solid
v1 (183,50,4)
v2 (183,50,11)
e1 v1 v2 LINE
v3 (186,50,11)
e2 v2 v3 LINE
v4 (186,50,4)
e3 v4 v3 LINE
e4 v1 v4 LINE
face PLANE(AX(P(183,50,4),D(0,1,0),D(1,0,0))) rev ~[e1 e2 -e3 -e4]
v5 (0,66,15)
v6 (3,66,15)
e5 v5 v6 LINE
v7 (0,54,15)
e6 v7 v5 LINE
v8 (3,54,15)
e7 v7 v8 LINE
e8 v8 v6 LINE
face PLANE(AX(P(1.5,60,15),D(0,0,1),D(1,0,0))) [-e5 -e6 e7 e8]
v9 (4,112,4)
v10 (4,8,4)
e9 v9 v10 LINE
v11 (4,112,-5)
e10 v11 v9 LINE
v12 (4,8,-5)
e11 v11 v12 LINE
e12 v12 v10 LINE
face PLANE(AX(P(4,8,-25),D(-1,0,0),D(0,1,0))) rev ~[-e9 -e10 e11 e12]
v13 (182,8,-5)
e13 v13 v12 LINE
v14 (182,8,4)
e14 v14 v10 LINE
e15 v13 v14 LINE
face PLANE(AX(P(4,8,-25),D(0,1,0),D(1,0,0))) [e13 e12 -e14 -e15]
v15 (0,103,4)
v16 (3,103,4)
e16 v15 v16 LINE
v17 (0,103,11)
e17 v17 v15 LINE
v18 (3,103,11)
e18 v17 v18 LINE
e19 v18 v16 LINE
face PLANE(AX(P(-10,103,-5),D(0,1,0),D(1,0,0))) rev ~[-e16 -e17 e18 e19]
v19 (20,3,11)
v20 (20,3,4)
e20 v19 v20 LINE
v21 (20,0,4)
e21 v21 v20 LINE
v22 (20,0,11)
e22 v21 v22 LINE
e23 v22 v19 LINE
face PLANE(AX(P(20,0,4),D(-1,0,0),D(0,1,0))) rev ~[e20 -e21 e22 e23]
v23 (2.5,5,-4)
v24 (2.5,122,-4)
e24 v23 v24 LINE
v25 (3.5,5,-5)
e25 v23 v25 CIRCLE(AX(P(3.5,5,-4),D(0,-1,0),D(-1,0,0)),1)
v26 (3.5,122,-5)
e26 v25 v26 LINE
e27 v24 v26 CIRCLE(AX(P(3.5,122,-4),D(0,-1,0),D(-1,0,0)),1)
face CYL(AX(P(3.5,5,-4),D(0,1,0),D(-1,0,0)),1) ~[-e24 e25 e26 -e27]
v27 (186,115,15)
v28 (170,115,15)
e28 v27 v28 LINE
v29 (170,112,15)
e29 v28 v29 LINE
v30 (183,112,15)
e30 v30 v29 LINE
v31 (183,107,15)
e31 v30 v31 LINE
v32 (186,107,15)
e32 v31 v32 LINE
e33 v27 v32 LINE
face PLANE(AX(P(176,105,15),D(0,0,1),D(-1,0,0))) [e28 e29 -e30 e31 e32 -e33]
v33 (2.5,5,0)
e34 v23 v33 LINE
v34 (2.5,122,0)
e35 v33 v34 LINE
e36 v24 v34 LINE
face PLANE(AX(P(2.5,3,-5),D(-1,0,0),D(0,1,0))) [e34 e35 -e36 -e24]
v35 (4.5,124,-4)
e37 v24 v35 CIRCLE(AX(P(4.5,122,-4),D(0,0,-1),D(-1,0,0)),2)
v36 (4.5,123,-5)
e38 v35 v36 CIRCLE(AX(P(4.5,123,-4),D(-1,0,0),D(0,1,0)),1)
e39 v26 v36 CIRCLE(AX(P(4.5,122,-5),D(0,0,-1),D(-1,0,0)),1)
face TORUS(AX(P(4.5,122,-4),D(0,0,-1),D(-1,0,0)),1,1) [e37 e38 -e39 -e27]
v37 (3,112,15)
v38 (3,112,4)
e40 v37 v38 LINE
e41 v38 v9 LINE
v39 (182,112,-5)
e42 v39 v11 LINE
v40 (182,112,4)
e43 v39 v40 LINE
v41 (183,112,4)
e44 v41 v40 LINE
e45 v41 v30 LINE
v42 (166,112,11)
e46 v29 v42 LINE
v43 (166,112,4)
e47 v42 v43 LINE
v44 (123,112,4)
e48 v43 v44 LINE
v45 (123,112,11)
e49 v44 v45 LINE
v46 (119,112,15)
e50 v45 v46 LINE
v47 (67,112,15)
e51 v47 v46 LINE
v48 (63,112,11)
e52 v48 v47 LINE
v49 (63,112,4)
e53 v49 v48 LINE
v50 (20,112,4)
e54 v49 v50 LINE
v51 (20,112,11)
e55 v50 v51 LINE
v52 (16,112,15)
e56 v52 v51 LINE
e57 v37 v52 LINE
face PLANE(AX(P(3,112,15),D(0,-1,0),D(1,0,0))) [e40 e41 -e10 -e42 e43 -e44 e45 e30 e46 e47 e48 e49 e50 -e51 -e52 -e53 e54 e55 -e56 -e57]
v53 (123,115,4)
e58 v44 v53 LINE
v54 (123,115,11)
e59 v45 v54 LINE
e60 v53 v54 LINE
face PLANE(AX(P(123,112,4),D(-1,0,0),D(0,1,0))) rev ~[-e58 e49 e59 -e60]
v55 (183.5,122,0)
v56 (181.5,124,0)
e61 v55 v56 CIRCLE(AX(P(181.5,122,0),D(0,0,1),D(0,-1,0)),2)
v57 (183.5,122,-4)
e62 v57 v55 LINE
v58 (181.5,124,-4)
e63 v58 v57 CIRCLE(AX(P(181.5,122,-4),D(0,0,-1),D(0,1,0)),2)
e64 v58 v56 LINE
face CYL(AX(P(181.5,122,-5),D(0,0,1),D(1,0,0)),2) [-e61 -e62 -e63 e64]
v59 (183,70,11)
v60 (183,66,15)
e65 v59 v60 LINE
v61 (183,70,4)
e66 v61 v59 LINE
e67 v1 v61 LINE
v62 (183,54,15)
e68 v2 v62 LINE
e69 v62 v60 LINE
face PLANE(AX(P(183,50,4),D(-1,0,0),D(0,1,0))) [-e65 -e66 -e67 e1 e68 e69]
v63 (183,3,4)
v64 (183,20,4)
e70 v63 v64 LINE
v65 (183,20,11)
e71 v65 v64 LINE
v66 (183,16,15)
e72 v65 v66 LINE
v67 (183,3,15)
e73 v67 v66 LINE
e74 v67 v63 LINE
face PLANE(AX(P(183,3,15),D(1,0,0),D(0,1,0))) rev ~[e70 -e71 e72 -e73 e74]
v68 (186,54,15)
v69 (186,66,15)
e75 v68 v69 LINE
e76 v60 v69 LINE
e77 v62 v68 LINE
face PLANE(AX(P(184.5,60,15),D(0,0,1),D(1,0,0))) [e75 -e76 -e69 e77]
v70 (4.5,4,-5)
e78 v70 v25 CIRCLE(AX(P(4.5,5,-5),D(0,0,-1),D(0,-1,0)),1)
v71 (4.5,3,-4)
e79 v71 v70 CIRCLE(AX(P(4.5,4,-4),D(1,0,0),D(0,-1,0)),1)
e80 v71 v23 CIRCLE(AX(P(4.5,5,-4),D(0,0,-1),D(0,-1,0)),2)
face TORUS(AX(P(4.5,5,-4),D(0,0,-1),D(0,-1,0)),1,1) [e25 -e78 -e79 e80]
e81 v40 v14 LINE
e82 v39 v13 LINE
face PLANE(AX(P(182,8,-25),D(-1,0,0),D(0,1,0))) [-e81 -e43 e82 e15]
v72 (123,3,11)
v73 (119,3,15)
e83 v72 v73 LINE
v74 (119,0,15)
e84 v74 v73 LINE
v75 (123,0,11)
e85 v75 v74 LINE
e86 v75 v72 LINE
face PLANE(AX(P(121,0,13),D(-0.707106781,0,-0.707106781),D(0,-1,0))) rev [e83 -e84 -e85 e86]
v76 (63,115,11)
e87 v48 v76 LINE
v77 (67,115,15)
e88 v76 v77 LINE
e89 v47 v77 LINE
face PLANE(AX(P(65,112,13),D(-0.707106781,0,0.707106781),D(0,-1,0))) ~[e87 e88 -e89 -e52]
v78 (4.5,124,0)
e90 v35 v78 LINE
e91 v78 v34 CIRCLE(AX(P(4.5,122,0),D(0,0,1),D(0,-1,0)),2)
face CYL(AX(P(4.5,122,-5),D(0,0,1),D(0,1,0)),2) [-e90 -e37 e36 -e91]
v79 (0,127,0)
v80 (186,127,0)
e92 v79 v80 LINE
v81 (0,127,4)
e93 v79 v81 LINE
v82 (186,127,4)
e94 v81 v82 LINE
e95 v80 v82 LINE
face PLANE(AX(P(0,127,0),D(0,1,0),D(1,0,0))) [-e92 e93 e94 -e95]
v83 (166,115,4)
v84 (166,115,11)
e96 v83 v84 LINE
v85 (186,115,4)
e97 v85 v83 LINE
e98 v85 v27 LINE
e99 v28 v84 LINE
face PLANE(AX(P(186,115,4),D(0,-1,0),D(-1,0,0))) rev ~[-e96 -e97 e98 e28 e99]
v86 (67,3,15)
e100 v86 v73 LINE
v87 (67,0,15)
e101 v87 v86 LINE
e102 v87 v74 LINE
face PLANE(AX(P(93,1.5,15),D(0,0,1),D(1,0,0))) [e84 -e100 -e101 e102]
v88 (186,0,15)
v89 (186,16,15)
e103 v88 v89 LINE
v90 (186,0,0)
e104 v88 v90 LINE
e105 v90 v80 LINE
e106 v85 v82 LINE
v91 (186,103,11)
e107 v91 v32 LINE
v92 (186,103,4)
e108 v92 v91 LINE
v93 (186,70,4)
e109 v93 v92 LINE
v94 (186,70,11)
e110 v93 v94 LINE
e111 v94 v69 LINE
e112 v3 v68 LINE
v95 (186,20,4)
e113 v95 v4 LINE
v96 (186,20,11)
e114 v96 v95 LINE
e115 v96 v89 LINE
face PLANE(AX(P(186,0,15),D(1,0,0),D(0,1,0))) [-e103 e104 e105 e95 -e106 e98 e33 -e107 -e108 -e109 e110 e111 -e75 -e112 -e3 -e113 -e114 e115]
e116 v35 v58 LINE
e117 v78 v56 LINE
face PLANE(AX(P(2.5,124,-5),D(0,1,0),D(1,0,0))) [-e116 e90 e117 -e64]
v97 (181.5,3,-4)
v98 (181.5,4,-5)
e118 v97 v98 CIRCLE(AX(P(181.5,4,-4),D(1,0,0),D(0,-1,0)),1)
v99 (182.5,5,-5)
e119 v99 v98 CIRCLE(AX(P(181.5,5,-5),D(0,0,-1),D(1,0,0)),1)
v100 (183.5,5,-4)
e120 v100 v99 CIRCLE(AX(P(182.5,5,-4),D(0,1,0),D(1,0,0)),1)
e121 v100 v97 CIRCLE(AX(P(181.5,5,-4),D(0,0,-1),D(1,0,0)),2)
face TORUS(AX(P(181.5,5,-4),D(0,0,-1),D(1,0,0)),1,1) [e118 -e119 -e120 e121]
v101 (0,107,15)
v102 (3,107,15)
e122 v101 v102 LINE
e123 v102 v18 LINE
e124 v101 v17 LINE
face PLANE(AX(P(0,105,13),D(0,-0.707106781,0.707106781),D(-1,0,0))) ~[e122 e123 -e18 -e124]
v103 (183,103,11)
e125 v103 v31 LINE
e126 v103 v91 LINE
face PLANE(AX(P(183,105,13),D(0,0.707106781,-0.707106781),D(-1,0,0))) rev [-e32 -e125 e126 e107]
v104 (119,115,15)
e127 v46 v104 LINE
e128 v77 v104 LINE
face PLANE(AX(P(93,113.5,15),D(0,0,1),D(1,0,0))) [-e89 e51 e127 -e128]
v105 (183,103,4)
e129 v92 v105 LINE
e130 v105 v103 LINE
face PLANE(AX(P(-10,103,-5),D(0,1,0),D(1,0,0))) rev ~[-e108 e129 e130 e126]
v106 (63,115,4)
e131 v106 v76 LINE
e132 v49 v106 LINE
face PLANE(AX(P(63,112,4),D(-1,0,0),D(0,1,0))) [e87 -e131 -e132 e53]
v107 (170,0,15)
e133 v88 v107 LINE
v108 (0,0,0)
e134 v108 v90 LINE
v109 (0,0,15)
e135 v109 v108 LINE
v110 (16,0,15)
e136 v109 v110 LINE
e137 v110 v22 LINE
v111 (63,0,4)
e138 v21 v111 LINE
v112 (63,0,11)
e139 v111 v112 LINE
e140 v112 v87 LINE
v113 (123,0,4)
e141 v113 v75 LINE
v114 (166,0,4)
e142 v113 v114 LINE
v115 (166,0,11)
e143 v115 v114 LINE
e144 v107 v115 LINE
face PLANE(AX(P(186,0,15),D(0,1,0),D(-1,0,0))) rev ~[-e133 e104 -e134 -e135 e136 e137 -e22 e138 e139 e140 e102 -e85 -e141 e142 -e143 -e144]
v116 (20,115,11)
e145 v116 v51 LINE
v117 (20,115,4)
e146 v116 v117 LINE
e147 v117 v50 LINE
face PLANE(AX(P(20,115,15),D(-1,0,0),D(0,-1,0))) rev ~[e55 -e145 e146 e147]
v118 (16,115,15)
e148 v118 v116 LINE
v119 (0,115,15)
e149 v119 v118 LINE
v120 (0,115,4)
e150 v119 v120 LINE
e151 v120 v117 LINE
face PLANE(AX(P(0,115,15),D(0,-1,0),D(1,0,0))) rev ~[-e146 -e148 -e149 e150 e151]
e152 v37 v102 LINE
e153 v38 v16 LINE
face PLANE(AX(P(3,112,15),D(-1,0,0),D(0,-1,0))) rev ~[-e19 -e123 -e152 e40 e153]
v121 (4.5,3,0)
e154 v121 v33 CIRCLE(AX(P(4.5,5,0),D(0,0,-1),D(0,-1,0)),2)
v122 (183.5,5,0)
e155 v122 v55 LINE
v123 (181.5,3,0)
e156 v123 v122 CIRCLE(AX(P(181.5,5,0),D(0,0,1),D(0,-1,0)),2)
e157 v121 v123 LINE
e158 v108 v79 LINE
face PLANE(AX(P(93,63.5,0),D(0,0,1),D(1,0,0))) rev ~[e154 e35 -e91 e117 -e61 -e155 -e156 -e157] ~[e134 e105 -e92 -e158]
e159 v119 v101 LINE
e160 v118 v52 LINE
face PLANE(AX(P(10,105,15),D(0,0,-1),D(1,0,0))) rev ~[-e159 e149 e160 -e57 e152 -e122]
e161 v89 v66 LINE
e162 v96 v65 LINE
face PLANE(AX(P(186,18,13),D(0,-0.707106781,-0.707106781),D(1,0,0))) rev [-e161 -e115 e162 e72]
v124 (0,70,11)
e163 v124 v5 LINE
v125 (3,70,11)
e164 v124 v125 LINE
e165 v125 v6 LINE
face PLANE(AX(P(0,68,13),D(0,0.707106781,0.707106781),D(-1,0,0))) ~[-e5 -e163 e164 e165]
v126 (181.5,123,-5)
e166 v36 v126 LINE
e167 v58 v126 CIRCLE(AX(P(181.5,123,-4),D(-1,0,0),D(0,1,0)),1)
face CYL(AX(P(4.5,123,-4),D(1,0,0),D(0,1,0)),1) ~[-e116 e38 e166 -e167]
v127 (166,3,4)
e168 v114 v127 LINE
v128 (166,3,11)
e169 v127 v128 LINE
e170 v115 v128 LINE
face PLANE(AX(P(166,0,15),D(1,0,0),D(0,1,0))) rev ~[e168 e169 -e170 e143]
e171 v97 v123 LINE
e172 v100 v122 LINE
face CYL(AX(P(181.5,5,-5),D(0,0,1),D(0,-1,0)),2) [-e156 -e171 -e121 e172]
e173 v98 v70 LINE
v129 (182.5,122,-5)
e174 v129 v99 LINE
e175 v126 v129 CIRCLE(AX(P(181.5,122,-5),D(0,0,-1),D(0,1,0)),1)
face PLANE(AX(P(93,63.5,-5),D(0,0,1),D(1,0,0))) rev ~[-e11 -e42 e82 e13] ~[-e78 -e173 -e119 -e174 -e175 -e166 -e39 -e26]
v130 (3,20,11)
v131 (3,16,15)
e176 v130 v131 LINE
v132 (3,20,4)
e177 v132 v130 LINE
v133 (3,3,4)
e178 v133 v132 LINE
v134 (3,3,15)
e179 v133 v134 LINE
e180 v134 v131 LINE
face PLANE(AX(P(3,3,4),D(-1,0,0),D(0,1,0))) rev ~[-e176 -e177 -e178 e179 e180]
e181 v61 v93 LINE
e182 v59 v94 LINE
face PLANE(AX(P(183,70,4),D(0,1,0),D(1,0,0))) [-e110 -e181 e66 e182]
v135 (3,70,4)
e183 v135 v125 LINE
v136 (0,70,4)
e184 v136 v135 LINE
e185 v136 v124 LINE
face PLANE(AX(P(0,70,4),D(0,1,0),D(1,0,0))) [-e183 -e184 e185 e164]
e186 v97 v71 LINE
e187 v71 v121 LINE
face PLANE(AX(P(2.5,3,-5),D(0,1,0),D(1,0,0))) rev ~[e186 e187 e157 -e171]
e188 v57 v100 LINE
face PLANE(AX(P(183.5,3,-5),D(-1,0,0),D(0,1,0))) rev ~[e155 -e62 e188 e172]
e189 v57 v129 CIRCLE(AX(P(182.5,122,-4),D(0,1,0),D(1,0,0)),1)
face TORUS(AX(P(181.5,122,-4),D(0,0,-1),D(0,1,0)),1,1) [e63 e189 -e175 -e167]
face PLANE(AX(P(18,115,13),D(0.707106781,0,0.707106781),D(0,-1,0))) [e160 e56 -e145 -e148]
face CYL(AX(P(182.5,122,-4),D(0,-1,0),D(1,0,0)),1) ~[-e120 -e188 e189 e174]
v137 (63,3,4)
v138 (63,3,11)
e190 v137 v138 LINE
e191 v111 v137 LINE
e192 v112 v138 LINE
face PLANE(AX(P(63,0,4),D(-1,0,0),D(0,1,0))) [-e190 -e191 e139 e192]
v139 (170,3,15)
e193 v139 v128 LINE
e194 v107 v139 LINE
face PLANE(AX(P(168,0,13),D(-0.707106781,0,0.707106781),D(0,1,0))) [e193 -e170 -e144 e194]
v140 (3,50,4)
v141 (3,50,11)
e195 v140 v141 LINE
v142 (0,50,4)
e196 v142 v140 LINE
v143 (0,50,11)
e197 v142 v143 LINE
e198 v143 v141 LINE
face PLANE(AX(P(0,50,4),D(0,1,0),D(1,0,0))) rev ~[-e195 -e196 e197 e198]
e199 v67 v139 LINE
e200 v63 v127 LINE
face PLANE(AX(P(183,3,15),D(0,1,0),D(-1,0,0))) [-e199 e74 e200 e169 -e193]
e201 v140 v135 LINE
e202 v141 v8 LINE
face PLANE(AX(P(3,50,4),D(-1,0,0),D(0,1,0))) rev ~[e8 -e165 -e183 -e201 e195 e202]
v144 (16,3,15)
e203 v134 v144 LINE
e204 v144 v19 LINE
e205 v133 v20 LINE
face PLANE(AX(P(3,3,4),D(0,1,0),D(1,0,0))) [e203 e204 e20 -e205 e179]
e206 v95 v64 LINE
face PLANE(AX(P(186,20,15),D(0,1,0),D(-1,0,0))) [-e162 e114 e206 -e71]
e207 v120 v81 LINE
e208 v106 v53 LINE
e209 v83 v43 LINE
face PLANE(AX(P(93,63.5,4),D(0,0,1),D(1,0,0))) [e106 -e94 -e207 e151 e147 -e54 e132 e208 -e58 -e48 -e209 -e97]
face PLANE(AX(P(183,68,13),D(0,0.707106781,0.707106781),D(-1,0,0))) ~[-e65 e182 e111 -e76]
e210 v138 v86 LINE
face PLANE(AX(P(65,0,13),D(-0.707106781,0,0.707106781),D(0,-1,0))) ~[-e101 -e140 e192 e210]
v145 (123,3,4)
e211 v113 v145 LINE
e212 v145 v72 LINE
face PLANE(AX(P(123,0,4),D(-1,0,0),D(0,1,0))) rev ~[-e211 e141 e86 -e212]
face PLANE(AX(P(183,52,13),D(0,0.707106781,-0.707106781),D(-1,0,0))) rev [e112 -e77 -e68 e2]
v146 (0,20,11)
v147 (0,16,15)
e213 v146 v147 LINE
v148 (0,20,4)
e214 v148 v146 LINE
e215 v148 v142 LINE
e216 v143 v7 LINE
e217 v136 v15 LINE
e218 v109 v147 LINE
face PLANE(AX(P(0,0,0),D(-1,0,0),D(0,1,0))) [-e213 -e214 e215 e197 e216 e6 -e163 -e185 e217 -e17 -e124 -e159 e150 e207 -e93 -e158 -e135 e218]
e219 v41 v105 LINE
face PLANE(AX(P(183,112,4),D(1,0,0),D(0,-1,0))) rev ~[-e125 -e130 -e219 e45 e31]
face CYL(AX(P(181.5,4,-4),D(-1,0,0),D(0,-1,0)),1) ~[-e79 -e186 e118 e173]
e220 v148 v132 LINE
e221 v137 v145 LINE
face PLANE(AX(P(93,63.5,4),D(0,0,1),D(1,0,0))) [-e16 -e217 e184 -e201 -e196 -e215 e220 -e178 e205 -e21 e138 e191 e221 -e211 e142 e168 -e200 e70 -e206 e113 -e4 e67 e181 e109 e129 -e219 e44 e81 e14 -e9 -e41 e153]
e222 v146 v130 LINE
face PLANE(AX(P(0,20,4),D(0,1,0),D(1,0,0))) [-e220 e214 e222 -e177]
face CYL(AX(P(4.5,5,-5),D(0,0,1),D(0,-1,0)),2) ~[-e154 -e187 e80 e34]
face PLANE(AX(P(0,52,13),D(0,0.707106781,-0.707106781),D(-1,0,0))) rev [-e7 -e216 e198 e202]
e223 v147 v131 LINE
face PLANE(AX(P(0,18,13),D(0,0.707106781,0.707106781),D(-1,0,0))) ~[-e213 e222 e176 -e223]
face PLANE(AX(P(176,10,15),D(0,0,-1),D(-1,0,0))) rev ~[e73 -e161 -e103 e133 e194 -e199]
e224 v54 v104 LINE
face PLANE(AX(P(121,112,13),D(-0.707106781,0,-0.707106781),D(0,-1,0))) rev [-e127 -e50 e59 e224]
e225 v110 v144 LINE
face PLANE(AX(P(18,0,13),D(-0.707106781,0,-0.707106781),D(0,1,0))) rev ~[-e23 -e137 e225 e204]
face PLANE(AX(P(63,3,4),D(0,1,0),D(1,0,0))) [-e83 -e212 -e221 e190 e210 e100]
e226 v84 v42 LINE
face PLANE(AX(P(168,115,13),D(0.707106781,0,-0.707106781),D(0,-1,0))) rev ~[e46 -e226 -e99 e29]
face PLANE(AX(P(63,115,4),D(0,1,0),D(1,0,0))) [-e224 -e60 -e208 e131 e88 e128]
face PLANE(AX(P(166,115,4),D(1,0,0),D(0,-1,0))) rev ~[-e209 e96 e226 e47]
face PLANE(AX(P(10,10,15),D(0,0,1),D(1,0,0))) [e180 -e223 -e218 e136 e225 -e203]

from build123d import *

# Parameters (mm, degrees)
BOX035_W               = 60
BOX035_H               = 3
BOX035_DEPTH           = 11
BOX034_W               = 200
BOX034_H               = 30
BOX034_DEPTH           = 20
BOX033_W               = 60
BOX033_H               = 3
BOX033_DEPTH           = 11
BOX025_W               = 3
BOX025_H               = 20
BOX025_DEPTH           = 11
BOX026_W               = 3
BOX026_H               = 20
BOX026_DEPTH           = 11
BOX024_W               = 30
BOX024_H               = 20
BOX024_DEPTH           = 11
BOX023_W               = 20
BOX023_H               = 20
BOX023_DEPTH           = 11
CUT010_PLACEMENT_ANGLE = 180
BOX032_W               = 30
BOX032_H               = 20
BOX032_DEPTH           = 11
BOX031_W               = 20
BOX031_H               = 20
BOX031_DEPTH           = 11
CUT013_PLACEMENT_ANGLE = 180
BOX030_W               = 30
BOX030_H               = 20
BOX030_DEPTH           = 11
BOX029_W               = 20
BOX029_H               = 20
BOX029_DEPTH           = 11
CUT012_PLACEMENT_ANGLE = 180
BOX022_W               = 30
BOX022_H               = 20
BOX022_DEPTH           = 11
BOX021_W               = 20
BOX021_H               = 20
BOX021_DEPTH           = 11
CHAMFER006_SIZE        = 4
BOX018_W               = 178
BOX018_H               = 104
BOX018_DEPTH           = 30
BOX019_W               = 181
BOX019_H               = 121
BOX019_DEPTH           = 5
BOX017_W               = 186
BOX017_H               = 127
BOX017_DEPTH           = 4
FILLET008_R            = 2
FILLET009_R            = 1


with BuildPart() as cube032:
    # Box035 → Box035 (new body)
    with BuildSketch(Plane(origin=(63, 0, 4), x_dir=(1, 0, 0), z_dir=(0, 0, 1))):
        with Locations((30, 1.5)):
            Rectangle(BOX035_W, BOX035_H)
    extrude(amount=BOX035_DEPTH)


with BuildPart() as cube031:
    # Box034 → Box034 (new body)
    with BuildSketch(Plane(origin=(-10, 73, -5), x_dir=(1, 0, 0), z_dir=(0, 0, 1))):
        with Locations((100, 15)):
            Rectangle(BOX034_W, BOX034_H)
    extrude(amount=BOX034_DEPTH)


with BuildPart() as cube030:
    # Box033 → Box033 (new body)
    with BuildSketch(Plane(origin=(63, 112, 4), x_dir=(1, 0, 0), z_dir=(0, 0, 1))):
        with Locations((30, 1.5)):
            Rectangle(BOX033_W, BOX033_H)
    extrude(amount=BOX033_DEPTH)


with BuildPart() as cube022:
    # Box025 → Box025 (new body)
    with BuildSketch(Plane(origin=(0, 50, 4), x_dir=(1, 0, 0), z_dir=(0, 0, 1))):
        with Locations((1.5, 10)):
            Rectangle(BOX025_W, BOX025_H)
    extrude(amount=BOX025_DEPTH)


with BuildPart() as cube023:
    # Box026 → Box026 (new body)
    with BuildSketch(Plane(origin=(183, 50, 4), x_dir=(1, 0, 0), z_dir=(0, 0, 1))):
        with Locations((1.5, 10)):
            Rectangle(BOX026_W, BOX026_H)
    extrude(amount=BOX026_DEPTH)


with BuildPart() as cube021:
    # Box024 → Box024 (new body)
    with BuildSketch(Plane(origin=(3, 3, 0), x_dir=(1, 0, 0), z_dir=(0, 0, 1))):
        with Locations((15, 10)):
            Rectangle(BOX024_W, BOX024_H)
    extrude(amount=BOX024_DEPTH)


with BuildPart() as cut010:
    # Box023 → Box023 (new body)
    with BuildSketch(Plane.XY):
        with Locations((10, 10)):
            Rectangle(BOX023_W, BOX023_H)
    extrude(amount=BOX023_DEPTH)

    # Cut010: cut Cube021
    add(cube021.part, mode=Mode.SUBTRACT)


with BuildPart() as cut010_1:
    # Cut010 placement: moved
    add(cut010.part.moved(Location((186, 0, 15))).rotate(Axis((186, 0, 15), (0, 1, 0)), CUT010_PLACEMENT_ANGLE))


with BuildPart() as cube029:
    # Box032 → Box032 (new body)
    with BuildSketch(Plane(origin=(3, 3, 0), x_dir=(1, 0, 0), z_dir=(0, 0, 1))):
        with Locations((15, 10)):
            Rectangle(BOX032_W, BOX032_H)
    extrude(amount=BOX032_DEPTH)


with BuildPart() as cut013:
    # Box031 → Box031 (new body)
    with BuildSketch(Plane.XY):
        with Locations((10, 10)):
            Rectangle(BOX031_W, BOX031_H)
    extrude(amount=BOX031_DEPTH)

    # Cut013: cut Cube029
    add(cube029.part, mode=Mode.SUBTRACT)


with BuildPart() as cut013_1:
    # Cut013 placement: moved
    add(cut013.part.moved(Location((186, 115, 4))).rotate(Axis((186, 115, 4), (0, 0, 1)), CUT013_PLACEMENT_ANGLE))


with BuildPart() as cube027:
    # Box030 → Box030 (new body)
    with BuildSketch(Plane(origin=(3, 3, 0), x_dir=(1, 0, 0), z_dir=(0, 0, 1))):
        with Locations((15, 10)):
            Rectangle(BOX030_W, BOX030_H)
    extrude(amount=BOX030_DEPTH)


with BuildPart() as cut012:
    # Box029 → Box029 (new body)
    with BuildSketch(Plane.XY):
        with Locations((10, 10)):
            Rectangle(BOX029_W, BOX029_H)
    extrude(amount=BOX029_DEPTH)

    # Cut012: cut Cube027
    add(cube027.part, mode=Mode.SUBTRACT)


with BuildPart() as cut012_1:
    # Cut012 placement: moved
    add(cut012.part.moved(Location((0, 115, 15))).rotate(Axis((0, 115, 15), (1, 0, 0)), CUT012_PLACEMENT_ANGLE))


with BuildPart() as cube019:
    # Box022 → Box022 (new body)
    with BuildSketch(Plane(origin=(3, 3, 0), x_dir=(1, 0, 0), z_dir=(0, 0, 1))):
        with Locations((15, 10)):
            Rectangle(BOX022_W, BOX022_H)
    extrude(amount=BOX022_DEPTH)


with BuildPart() as chamfer006:
    # Box021 → Box021 (new body)
    with BuildSketch(Plane.XY):
        with Locations((10, 10)):
            Rectangle(BOX021_W, BOX021_H)
    extrude(amount=BOX021_DEPTH)

    # Cut009: cut Cube019
    add(cube019.part, mode=Mode.SUBTRACT)


with BuildPart() as chamfer006_1:
    # Cut009 placement: moved
    add(chamfer006.part.moved(Location((0, 0, 4))))

    # Fusion014: union Cube022, Cube023, Cut010, Cut013, Cut012
    add(cube022.part)
    add(cube023.part)
    add(cut010_1.part)
    add(cut013_1.part)
    add(cut012_1.part)

    # Fusion015: union Cube030
    add(cube030.part)

    # Cut014: cut Cube031
    add(cube031.part, mode=Mode.SUBTRACT)

    # Fusion016: union Cube032
    add(cube032.part)

    # Chamfer006
    chamfer006_edges = [chamfer006_1.edges().sort_by_distance(p)[0] for p in [
        (184.5, 20, 15),
        (166, 1.5, 15),
        (63, 113.5, 15),
        (123, 113.5, 15),
        (1.5, 103, 15),
        (20, 113.5, 15),
        (184.5, 50, 15),
        (184.5, 70, 15),
        (184.5, 103, 15),
        (166, 113.5, 15),
        (63, 1.5, 15),
        (123, 1.5, 15),
        (1.5, 50, 15),
        (1.5, 70, 15),
        (1.5, 20, 15),
        (20, 1.5, 15),
    ]]
    chamfer(chamfer006_edges, length=CHAMFER006_SIZE)


with BuildPart() as cutout:
    # Box018 → Box018 (new body)
    with BuildSketch(Plane(origin=(4, 8, -25), x_dir=(1, 0, 0), z_dir=(0, 0, 1))):
        with Locations((89, 52)):
            Rectangle(BOX018_W, BOX018_H)
    extrude(amount=BOX018_DEPTH)


with BuildPart() as cube016:
    # Box019 → Box019 (new body)
    with BuildSketch(Plane(origin=(2.5, 3, -5), x_dir=(1, 0, 0), z_dir=(0, 0, 1))):
        with Locations((90.5, 60.5)):
            Rectangle(BOX019_W, BOX019_H)
    extrude(amount=BOX019_DEPTH)


with BuildPart() as fascia_complete:
    # Box017 → Box017 (new body)
    with BuildSketch(Plane.XY):
        with Locations((93, 63.5)):
            Rectangle(BOX017_W, BOX017_H)
    extrude(amount=BOX017_DEPTH)

    # Fusion007: union Cube016
    add(cube016.part)

    # Cut007: cut Cutout
    add(cutout.part, mode=Mode.SUBTRACT)

    # Fillet008
    fillet008_edges = [fascia_complete.edges().sort_by_distance(p)[0] for p in [
        (183.5, 124, -2.5),
        (2.5, 124, -2.5),
        (2.5, 3, -2.5),
        (183.5, 3, -2.5),
    ]]
    fillet(fillet008_edges, radius=FILLET008_R)

    # Fillet009
    fillet009_edges = [fascia_complete.edges().sort_by_distance(p)[0] for p in [
        (93, 124, -5),
        (3.085786, 123.414214, -5),
        (182.914214, 123.414214, -5),
        (2.5, 63.5, -5),
        (183.5, 63.5, -5),
        (3.085786, 3.585786, -5),
        (182.914214, 3.585786, -5),
        (93, 3, -5),
    ]]
    fillet(fillet009_edges, radius=FILLET009_R)

    # Fusion017: union Chamfer006
    add(chamfer006_1.part)


solid = fascia_complete.part
